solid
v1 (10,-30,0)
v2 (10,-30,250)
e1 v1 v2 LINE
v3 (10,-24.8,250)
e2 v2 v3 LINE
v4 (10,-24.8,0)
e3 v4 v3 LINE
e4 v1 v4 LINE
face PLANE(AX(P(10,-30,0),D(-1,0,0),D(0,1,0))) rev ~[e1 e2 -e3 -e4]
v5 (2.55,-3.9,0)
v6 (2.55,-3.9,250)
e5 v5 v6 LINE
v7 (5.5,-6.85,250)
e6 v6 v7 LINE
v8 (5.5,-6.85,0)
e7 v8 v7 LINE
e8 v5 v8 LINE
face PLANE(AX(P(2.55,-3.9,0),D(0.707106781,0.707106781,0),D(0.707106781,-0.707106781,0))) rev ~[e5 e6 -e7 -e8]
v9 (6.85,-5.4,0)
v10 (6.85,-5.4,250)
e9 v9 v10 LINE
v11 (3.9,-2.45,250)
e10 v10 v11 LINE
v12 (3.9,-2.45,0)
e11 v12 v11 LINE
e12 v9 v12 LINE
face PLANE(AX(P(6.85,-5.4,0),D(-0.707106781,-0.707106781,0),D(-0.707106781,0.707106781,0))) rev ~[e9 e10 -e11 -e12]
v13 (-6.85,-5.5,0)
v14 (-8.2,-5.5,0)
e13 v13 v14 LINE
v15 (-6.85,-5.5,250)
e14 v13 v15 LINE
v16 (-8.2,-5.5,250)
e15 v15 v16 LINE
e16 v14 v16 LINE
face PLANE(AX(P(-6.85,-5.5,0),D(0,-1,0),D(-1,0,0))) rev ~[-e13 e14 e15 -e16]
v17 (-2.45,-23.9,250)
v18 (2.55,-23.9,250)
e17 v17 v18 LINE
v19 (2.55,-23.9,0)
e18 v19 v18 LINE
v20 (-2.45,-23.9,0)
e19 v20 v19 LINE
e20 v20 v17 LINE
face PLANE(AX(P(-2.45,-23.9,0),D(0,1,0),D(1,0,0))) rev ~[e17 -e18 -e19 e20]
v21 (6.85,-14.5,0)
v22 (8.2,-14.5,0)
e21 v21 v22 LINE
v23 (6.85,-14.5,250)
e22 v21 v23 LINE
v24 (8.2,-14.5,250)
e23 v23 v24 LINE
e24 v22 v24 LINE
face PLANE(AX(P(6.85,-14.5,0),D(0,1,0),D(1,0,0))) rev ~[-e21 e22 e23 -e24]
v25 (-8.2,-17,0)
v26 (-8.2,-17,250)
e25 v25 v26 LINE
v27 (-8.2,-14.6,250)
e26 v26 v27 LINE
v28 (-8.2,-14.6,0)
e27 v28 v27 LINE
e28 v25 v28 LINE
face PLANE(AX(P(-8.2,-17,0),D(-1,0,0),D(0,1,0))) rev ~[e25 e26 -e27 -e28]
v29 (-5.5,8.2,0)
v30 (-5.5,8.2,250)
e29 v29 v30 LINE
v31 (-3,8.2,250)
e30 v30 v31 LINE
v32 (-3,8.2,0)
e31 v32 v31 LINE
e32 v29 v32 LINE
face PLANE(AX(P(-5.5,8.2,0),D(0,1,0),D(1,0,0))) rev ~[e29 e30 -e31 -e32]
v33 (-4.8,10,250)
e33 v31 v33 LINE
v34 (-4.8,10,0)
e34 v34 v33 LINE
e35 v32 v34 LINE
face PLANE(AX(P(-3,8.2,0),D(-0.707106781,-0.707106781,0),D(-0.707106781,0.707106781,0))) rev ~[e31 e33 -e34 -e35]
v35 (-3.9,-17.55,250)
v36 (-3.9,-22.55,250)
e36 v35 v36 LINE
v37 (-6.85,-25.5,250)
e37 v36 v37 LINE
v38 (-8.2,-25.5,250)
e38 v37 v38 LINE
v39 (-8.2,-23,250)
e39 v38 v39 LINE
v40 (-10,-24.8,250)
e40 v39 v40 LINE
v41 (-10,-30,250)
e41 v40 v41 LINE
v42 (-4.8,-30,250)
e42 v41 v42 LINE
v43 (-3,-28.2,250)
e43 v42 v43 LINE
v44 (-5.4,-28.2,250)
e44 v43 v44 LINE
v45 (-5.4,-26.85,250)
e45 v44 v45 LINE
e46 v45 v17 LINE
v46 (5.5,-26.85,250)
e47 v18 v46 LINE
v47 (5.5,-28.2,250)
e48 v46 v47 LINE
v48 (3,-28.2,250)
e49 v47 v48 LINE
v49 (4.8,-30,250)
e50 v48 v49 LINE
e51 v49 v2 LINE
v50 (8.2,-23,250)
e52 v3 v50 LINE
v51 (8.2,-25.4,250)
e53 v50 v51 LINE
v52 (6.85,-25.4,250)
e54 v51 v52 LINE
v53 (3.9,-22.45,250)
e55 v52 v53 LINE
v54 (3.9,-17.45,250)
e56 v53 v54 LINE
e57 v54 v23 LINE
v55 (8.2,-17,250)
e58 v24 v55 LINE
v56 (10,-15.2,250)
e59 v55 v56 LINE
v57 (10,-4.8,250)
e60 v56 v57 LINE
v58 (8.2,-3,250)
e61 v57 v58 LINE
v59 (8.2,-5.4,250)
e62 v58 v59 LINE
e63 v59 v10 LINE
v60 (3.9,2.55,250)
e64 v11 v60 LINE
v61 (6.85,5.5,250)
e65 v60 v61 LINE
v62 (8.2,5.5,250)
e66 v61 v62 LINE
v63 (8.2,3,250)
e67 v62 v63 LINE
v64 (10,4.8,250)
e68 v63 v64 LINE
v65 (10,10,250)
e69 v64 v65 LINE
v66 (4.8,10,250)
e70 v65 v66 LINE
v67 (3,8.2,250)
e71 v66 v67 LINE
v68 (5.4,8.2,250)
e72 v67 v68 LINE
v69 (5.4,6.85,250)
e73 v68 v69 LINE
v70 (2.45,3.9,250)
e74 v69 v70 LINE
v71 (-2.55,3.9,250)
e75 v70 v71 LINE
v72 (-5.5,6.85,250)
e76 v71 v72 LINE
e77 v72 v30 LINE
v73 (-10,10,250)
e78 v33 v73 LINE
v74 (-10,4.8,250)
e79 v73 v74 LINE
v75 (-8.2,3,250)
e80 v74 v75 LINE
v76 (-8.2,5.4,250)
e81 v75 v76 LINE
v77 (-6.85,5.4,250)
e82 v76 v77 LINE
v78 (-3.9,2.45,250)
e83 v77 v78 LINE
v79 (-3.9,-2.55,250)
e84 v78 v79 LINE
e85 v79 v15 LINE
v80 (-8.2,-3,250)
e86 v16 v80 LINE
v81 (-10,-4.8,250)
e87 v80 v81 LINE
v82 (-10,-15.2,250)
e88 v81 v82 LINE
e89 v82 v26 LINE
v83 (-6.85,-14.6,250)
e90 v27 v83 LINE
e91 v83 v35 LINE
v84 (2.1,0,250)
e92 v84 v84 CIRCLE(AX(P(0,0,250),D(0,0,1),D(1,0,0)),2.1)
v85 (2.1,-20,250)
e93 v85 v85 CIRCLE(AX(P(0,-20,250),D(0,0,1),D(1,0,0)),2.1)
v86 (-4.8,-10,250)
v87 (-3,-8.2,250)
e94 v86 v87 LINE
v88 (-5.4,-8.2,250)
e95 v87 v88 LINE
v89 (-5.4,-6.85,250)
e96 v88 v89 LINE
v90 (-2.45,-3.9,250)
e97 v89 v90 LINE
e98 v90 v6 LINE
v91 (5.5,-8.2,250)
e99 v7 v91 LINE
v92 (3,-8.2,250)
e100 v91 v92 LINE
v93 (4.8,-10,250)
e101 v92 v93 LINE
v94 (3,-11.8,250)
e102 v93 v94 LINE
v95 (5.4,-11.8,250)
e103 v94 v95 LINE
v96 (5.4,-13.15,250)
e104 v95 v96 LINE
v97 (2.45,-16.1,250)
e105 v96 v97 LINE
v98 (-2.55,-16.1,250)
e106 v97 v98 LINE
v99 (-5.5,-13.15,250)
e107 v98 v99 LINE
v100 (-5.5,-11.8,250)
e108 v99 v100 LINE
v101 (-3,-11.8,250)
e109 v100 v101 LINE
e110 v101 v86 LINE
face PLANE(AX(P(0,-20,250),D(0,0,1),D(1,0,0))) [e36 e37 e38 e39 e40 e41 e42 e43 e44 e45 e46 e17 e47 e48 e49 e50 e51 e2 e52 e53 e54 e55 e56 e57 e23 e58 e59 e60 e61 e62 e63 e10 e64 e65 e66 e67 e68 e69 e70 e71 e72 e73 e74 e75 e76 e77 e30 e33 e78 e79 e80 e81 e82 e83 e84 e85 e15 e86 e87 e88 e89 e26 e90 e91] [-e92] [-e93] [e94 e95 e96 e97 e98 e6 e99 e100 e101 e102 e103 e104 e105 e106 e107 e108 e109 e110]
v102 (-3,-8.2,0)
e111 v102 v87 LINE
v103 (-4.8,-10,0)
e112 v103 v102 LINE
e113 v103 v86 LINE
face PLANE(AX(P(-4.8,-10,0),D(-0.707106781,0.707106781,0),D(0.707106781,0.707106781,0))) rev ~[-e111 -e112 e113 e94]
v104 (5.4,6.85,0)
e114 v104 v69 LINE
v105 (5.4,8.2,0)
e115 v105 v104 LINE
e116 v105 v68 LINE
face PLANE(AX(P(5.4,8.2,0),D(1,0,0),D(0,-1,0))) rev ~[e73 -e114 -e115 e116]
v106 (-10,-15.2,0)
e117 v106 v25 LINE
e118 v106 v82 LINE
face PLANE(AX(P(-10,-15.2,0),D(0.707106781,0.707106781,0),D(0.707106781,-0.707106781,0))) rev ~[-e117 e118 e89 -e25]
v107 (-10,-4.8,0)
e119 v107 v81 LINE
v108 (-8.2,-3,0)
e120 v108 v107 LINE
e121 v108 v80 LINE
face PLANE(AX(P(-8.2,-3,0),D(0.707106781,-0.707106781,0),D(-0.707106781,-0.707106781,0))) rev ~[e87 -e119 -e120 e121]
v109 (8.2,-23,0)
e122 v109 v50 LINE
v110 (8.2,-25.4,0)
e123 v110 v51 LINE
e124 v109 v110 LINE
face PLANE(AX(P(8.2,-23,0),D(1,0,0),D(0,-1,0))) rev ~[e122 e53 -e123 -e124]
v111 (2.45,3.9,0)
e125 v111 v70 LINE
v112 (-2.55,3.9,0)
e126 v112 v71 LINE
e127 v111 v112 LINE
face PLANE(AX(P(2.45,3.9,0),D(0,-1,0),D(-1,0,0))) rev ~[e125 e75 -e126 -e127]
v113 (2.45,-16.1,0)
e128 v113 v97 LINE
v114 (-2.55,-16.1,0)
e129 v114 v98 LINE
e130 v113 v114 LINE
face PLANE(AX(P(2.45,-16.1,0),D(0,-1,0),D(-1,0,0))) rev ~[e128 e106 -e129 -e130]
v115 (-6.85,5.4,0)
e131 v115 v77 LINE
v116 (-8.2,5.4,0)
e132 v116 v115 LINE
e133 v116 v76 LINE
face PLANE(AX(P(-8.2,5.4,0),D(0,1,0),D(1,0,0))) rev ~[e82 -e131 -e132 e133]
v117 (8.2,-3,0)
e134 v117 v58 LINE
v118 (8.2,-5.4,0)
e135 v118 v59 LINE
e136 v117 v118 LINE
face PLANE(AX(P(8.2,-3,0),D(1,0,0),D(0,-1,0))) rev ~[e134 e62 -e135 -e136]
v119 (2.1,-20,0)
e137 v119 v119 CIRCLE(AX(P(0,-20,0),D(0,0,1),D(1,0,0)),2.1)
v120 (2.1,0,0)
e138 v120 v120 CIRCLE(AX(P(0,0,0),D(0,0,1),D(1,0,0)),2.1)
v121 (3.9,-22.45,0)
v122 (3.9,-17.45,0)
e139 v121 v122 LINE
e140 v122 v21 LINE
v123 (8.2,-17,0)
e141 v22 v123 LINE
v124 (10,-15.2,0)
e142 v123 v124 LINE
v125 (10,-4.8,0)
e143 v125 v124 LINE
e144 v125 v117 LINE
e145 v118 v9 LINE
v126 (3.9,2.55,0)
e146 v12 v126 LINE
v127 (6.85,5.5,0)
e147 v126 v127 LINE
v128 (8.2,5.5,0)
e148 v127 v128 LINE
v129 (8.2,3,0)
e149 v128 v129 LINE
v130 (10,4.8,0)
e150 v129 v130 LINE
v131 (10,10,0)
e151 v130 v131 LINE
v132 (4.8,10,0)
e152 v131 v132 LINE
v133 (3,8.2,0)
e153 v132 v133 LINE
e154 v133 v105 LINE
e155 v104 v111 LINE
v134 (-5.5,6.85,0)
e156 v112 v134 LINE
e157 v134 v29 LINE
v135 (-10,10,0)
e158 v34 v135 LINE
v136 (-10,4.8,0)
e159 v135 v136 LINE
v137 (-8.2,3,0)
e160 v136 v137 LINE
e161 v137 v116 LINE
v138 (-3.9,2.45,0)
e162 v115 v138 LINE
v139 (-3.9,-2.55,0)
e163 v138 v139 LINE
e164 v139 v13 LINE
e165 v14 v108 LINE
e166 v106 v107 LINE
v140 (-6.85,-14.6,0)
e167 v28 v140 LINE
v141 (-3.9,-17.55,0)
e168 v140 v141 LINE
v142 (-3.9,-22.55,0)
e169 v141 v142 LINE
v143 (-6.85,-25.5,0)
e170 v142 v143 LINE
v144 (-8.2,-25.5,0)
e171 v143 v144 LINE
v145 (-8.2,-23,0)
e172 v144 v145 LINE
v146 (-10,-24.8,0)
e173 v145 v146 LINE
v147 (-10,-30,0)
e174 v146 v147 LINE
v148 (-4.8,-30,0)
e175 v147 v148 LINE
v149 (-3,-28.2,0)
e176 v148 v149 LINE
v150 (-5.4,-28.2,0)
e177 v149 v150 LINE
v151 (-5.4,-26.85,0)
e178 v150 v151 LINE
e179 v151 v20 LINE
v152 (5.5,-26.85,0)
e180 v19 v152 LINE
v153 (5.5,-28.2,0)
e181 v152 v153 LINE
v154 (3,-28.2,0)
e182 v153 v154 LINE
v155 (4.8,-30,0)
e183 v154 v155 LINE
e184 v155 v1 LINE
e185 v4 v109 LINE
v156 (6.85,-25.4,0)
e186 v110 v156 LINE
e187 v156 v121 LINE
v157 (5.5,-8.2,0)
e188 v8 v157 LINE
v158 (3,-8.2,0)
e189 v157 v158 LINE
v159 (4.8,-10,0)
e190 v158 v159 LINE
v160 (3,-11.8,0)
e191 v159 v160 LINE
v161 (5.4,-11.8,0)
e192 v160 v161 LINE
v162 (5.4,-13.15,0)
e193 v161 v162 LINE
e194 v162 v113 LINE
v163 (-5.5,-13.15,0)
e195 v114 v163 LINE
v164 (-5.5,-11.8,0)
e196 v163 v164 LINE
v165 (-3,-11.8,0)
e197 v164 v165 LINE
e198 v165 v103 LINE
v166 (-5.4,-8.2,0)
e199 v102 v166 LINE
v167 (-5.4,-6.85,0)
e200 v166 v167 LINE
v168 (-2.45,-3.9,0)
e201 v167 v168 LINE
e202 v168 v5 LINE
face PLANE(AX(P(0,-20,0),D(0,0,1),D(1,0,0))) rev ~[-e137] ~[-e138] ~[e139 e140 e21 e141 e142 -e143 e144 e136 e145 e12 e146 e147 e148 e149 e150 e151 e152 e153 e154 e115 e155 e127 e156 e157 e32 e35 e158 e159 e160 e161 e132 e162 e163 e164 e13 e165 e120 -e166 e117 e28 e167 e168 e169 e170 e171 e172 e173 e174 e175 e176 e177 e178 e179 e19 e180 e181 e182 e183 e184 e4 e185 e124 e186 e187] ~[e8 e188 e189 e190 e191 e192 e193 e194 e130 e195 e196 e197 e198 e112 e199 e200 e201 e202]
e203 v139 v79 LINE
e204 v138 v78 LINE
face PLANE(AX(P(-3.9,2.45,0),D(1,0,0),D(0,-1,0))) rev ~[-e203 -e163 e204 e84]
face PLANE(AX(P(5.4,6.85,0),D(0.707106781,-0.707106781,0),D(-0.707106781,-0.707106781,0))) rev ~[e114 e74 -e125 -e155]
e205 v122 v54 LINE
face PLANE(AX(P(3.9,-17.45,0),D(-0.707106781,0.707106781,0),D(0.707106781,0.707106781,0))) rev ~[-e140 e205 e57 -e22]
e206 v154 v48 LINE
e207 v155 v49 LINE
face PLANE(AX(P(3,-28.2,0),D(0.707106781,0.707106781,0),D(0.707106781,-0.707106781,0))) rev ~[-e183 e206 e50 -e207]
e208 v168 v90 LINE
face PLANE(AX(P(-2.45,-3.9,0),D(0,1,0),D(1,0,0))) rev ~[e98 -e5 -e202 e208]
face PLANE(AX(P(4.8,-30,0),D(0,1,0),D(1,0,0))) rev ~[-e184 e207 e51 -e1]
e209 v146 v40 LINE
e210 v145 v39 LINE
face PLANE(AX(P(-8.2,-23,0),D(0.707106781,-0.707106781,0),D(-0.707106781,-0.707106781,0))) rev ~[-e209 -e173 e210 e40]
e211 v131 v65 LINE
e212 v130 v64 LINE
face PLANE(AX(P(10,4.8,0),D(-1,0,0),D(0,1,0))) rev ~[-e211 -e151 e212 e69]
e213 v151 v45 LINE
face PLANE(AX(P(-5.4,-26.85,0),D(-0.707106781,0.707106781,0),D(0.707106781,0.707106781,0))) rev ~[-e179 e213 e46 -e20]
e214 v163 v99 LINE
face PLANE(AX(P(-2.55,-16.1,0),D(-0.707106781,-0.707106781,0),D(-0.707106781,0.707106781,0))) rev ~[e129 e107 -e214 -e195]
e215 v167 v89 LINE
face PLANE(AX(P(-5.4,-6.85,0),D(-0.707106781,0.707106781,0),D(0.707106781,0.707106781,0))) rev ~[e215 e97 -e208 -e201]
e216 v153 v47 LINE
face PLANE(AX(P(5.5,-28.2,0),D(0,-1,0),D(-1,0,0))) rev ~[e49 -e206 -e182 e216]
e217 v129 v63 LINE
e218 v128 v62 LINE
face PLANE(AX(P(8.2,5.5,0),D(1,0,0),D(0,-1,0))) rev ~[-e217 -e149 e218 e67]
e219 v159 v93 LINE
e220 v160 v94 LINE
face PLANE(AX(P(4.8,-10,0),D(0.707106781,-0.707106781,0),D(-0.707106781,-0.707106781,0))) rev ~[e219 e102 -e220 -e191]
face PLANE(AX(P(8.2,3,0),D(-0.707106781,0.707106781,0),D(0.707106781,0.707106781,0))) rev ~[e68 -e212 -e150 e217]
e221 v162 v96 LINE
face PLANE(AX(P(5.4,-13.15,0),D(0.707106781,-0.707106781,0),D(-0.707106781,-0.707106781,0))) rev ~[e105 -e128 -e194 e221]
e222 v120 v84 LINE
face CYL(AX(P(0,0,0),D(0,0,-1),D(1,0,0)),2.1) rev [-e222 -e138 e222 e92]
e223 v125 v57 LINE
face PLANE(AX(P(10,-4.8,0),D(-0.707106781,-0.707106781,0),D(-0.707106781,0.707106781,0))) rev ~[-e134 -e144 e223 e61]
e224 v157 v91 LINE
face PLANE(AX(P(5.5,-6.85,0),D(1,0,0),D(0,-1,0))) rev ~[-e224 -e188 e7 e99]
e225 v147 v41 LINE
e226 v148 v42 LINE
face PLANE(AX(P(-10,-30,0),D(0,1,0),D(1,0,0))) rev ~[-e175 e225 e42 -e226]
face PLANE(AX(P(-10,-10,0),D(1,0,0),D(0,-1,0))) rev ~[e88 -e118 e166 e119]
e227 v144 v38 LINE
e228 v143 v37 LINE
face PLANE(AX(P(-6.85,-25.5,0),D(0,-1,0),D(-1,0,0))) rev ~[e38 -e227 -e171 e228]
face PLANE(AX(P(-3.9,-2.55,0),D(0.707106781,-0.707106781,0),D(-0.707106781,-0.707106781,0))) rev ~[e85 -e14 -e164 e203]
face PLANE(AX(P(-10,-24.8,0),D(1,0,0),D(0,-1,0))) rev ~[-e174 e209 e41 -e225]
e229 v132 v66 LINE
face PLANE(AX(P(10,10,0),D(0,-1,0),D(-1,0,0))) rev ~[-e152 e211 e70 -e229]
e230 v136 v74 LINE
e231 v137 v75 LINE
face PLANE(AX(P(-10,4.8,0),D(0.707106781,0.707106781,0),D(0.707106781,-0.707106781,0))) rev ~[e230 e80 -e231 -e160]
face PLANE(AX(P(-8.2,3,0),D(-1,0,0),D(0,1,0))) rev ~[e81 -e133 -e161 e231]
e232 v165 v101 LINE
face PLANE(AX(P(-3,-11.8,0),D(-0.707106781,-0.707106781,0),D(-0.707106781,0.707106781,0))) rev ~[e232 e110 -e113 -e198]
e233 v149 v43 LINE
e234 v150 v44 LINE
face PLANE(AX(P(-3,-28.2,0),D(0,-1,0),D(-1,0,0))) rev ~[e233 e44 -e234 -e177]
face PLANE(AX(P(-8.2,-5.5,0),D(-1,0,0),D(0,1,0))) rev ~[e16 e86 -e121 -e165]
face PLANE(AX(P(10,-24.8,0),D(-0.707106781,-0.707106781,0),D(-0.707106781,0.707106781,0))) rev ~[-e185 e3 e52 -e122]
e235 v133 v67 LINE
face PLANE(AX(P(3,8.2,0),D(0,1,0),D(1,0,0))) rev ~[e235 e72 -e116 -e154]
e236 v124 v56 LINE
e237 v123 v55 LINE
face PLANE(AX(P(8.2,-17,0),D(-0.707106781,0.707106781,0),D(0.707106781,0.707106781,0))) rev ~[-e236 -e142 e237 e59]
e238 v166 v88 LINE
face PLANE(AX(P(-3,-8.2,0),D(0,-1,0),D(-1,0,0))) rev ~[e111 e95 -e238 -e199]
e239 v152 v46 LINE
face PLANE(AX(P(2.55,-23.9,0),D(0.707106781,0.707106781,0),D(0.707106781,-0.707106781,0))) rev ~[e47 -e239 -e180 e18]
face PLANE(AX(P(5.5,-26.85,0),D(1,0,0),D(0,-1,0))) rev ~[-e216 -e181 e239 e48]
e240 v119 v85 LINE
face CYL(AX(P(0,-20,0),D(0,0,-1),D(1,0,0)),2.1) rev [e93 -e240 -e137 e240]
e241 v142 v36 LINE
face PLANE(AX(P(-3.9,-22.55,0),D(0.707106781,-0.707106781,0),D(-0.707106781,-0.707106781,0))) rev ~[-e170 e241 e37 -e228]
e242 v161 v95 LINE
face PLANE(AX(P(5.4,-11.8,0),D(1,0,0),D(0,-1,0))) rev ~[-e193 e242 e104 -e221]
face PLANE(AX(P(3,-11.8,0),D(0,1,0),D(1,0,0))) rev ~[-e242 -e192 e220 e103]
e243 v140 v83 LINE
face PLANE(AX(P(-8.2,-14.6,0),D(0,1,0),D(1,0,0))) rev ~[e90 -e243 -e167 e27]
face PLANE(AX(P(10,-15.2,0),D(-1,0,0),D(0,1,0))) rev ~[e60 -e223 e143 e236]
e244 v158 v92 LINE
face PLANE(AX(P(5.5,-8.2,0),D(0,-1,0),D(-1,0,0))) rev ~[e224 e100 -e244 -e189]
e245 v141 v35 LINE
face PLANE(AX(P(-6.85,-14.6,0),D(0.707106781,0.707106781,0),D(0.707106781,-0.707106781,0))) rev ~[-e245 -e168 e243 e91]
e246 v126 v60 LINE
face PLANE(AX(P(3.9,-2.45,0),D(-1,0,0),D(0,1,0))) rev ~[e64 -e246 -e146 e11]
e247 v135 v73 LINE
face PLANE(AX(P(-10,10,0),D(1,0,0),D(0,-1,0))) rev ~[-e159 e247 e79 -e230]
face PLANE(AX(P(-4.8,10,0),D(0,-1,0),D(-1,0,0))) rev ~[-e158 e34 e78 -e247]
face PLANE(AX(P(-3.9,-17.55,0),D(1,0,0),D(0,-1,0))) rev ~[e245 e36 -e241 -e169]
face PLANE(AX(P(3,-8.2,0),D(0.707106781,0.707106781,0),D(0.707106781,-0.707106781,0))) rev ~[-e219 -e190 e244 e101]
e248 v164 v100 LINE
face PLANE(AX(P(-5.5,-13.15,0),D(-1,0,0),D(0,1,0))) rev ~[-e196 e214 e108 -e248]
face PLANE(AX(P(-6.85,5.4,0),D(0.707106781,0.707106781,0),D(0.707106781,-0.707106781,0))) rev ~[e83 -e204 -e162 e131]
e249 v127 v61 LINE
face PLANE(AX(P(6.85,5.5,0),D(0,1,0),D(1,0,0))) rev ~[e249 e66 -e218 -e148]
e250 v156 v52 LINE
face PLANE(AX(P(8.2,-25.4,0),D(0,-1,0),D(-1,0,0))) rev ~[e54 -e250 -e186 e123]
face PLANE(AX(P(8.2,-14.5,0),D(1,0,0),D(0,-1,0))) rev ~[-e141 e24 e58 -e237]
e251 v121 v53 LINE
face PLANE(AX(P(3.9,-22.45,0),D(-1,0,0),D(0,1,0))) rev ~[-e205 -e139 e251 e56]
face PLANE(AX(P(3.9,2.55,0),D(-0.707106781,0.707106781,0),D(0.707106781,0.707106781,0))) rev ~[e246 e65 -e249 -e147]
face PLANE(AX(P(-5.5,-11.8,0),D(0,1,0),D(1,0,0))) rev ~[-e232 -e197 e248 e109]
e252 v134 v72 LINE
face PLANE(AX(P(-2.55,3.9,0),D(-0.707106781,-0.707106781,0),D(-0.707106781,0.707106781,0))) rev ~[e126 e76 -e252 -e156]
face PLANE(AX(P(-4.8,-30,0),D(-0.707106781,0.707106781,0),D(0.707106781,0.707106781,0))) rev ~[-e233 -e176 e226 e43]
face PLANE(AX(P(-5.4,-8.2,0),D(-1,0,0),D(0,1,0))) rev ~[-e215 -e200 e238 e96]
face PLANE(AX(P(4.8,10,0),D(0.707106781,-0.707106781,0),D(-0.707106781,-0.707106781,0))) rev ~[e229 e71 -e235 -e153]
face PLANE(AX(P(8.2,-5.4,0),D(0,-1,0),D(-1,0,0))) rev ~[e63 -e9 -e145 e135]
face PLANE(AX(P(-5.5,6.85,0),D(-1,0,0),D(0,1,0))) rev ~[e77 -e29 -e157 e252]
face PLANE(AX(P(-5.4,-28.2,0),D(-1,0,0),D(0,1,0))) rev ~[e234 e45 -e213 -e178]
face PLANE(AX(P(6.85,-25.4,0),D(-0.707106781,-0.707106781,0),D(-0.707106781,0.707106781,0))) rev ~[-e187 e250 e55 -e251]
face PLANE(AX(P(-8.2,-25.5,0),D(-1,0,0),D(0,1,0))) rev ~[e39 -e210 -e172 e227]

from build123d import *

# Parameters (mm, degrees)
CROQUIS1_R              = 2.1
SALIENTE_EXTRUIR1_DEPTH = 250
MATRIZL1_COUNT          = 2
MATRIZL1_PITCH          = 20


with BuildPart() as part:
    # Croquis1 → Saliente-Extruir1 (new body)
    with BuildSketch(Plane.XY):
        Polygon((3, 8.2), (5.4, 8.2), (5.4, 6.85), (2.45, 3.9), (-2.55, 3.9), (-5.5, 6.85), (-5.5, 8.2), (-3, 8.2), (-4.8, 10), (-10, 10), (-10, 4.8), (-8.2, 3), (-8.2, 5.4), (-6.85, 5.4), (-3.9, 2.45), (-3.9, -2.55), (-6.85, -5.5), (-8.2, -5.5), (-8.2, -3), (-10, -4.8), (-10, -10), (-4.8, -10), (-3, -8.2), (-5.4, -8.2), (-5.4, -6.85), (-2.45, -3.9), (2.55, -3.9), (5.5, -6.85), (5.5, -8.2), (3, -8.2), (4.8, -10), (10, -10), (10, -4.8), (8.2, -3), (8.2, -5.4), (6.85, -5.4), (3.9, -2.45), (3.9, 2.55), (6.85, 5.5), (8.2, 5.5), (8.2, 3), (10, 4.8), (10, 10), (4.8, 10), align=None)
        Circle(CROQUIS1_R, mode=Mode.SUBTRACT)
    saliente_extruir1 = extrude(amount=SALIENTE_EXTRUIR1_DEPTH)

    # MatrizL1: Saliente-Extruir1 ×2
    with Locations(*[(0, -i * MATRIZL1_PITCH, 0) for i in range(1, MATRIZL1_COUNT)]):
        add(saliente_extruir1)


solid = part.part
